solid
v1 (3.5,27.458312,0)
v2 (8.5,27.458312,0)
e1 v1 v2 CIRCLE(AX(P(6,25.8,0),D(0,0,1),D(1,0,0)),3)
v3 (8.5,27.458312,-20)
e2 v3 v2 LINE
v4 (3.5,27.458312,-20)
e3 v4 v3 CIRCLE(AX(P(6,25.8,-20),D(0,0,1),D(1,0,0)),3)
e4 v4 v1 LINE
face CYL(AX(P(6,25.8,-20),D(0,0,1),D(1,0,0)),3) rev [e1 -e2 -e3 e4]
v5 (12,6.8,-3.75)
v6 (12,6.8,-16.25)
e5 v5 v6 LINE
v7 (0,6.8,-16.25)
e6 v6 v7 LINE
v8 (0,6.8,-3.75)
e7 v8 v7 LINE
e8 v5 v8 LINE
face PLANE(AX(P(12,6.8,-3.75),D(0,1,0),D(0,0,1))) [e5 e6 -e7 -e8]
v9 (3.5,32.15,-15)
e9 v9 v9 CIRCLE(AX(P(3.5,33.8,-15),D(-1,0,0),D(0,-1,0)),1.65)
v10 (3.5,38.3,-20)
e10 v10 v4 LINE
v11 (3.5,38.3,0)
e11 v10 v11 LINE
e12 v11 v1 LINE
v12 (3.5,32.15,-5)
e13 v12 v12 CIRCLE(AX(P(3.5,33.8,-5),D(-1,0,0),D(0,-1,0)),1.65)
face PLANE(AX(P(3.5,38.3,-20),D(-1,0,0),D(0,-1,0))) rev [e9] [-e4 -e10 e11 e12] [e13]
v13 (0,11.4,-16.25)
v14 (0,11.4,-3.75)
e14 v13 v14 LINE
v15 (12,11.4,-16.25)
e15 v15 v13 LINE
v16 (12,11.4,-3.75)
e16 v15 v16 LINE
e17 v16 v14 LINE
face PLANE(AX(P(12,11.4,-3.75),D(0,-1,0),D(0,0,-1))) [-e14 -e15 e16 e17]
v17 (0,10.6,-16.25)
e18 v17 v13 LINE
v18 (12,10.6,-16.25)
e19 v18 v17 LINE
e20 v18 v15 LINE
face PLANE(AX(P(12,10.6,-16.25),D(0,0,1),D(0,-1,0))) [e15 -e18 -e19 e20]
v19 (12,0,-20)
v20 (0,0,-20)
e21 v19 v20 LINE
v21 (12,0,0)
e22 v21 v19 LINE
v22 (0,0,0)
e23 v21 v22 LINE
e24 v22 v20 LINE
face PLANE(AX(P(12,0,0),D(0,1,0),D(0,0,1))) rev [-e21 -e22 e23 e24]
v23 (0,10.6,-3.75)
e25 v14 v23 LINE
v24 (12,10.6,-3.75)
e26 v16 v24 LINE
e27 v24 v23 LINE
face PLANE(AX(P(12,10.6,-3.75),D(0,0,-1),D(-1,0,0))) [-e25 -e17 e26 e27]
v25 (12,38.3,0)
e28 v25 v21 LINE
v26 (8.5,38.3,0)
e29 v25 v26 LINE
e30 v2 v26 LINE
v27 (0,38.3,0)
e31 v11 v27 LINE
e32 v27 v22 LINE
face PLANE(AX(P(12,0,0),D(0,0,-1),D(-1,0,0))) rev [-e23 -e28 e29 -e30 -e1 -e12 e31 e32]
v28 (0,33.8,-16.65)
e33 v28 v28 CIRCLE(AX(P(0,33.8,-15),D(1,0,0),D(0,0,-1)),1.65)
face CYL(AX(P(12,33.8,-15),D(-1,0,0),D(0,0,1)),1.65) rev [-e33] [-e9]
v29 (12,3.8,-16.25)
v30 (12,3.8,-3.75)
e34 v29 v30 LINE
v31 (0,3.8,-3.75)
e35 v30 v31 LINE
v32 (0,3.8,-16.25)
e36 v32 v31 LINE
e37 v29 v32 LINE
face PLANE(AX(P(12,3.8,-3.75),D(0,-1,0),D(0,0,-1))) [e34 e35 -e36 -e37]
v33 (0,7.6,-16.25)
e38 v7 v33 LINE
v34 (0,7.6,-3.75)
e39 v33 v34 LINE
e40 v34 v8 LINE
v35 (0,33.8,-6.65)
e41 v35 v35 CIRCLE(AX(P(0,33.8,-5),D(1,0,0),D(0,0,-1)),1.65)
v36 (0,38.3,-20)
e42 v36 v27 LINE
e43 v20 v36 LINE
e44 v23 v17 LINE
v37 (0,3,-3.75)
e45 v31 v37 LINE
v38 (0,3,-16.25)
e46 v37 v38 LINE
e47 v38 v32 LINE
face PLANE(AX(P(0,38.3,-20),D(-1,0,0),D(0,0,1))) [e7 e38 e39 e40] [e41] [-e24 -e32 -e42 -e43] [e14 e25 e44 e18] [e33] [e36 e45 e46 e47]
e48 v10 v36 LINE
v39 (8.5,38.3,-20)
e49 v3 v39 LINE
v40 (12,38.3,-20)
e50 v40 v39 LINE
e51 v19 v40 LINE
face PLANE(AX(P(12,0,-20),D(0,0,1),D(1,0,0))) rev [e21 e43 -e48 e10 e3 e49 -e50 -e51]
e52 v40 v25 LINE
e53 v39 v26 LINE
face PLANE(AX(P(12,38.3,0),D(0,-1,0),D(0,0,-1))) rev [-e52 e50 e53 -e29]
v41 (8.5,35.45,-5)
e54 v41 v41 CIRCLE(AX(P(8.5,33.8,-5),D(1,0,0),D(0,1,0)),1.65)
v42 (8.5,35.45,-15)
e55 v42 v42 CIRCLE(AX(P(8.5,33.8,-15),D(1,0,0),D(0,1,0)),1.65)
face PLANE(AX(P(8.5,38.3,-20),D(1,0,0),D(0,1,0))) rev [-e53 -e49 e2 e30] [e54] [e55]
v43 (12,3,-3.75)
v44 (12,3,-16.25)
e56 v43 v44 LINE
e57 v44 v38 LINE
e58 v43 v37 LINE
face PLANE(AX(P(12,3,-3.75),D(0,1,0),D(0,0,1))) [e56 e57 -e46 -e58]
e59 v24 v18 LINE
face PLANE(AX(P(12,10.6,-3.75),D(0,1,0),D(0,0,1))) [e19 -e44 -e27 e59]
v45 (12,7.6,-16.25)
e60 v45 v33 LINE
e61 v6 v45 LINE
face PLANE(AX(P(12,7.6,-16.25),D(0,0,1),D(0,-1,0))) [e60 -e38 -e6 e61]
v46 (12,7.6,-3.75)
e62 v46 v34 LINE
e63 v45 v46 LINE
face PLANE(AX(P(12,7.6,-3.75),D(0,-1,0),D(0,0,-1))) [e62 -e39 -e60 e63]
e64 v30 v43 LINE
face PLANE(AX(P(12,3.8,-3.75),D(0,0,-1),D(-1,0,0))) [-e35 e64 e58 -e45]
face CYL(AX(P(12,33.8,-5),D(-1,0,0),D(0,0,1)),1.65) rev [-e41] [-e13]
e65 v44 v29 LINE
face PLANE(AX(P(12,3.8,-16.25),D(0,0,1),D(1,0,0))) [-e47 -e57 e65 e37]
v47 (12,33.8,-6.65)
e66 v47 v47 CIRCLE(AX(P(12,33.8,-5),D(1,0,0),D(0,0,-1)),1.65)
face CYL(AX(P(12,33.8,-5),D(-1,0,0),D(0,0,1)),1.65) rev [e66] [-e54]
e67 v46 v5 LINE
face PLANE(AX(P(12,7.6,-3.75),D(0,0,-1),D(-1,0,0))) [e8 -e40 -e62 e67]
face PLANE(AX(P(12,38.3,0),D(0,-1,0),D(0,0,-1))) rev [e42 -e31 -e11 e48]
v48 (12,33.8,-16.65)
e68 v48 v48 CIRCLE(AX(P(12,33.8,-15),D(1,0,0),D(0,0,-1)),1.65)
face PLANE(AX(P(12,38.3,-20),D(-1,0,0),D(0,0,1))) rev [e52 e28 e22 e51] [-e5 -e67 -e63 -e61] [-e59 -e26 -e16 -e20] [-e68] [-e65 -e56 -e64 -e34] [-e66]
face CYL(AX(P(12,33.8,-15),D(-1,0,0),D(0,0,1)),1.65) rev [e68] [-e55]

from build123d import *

# Parameters (mm, degrees)
SKIZZE1_W                       = 20
SKIZZE1_H                       = 38.3
SKIZZE1_R                       = 1.65
SKIZZE1_W_2                     = 12.5
SKIZZE1_H_2                     = 0.8
AUFSATZ_LINEAR_AUSTRAGEN1_DEPTH = 12
SCHNITT_LINEAR_AUSTRAGEN2_DEPTH = 45.842948164


with BuildPart() as part:
    # Skizze1 → Aufsatz-Linear austragen1 (new body)
    with BuildSketch(Plane(origin=(0, 0, 0), x_dir=(0, 0, -1), z_dir=(1, 0, 0))):
        with Locations((10, 19.15)):
            Rectangle(SKIZZE1_W, SKIZZE1_H)
        with Locations((5, 33.8)):
            Circle(SKIZZE1_R, mode=Mode.SUBTRACT)
        with Locations((15, 33.8)):
            Circle(SKIZZE1_R, mode=Mode.SUBTRACT)
        with Locations((10, 3.4)):
            Rectangle(SKIZZE1_W_2, SKIZZE1_H_2, mode=Mode.SUBTRACT)
        with Locations((10, 7.2)):
            Rectangle(SKIZZE1_W_2, SKIZZE1_H_2, mode=Mode.SUBTRACT)
        with Locations((10, 11)):
            Rectangle(SKIZZE1_W_2, SKIZZE1_H_2, mode=Mode.SUBTRACT)
    extrude(amount=AUFSATZ_LINEAR_AUSTRAGEN1_DEPTH)

    # Skizze2 → Schnitt-Linear austragen2 (cut, through all)
    with BuildSketch(Plane.XY):
        with BuildLine():
            Line((3.5, 38.3), (8.5, 38.3))
            Line((8.5, 38.3), (8.5, 27.458312395))
            ThreePointArc((8.5, 27.458312395), (6, 22.8), (3.5, 27.458312395))
            Line((3.5, 27.458312395), (3.5, 38.3))
        make_face()
    extrude(amount=-SCHNITT_LINEAR_AUSTRAGEN2_DEPTH, mode=Mode.SUBTRACT)


solid = part.part
